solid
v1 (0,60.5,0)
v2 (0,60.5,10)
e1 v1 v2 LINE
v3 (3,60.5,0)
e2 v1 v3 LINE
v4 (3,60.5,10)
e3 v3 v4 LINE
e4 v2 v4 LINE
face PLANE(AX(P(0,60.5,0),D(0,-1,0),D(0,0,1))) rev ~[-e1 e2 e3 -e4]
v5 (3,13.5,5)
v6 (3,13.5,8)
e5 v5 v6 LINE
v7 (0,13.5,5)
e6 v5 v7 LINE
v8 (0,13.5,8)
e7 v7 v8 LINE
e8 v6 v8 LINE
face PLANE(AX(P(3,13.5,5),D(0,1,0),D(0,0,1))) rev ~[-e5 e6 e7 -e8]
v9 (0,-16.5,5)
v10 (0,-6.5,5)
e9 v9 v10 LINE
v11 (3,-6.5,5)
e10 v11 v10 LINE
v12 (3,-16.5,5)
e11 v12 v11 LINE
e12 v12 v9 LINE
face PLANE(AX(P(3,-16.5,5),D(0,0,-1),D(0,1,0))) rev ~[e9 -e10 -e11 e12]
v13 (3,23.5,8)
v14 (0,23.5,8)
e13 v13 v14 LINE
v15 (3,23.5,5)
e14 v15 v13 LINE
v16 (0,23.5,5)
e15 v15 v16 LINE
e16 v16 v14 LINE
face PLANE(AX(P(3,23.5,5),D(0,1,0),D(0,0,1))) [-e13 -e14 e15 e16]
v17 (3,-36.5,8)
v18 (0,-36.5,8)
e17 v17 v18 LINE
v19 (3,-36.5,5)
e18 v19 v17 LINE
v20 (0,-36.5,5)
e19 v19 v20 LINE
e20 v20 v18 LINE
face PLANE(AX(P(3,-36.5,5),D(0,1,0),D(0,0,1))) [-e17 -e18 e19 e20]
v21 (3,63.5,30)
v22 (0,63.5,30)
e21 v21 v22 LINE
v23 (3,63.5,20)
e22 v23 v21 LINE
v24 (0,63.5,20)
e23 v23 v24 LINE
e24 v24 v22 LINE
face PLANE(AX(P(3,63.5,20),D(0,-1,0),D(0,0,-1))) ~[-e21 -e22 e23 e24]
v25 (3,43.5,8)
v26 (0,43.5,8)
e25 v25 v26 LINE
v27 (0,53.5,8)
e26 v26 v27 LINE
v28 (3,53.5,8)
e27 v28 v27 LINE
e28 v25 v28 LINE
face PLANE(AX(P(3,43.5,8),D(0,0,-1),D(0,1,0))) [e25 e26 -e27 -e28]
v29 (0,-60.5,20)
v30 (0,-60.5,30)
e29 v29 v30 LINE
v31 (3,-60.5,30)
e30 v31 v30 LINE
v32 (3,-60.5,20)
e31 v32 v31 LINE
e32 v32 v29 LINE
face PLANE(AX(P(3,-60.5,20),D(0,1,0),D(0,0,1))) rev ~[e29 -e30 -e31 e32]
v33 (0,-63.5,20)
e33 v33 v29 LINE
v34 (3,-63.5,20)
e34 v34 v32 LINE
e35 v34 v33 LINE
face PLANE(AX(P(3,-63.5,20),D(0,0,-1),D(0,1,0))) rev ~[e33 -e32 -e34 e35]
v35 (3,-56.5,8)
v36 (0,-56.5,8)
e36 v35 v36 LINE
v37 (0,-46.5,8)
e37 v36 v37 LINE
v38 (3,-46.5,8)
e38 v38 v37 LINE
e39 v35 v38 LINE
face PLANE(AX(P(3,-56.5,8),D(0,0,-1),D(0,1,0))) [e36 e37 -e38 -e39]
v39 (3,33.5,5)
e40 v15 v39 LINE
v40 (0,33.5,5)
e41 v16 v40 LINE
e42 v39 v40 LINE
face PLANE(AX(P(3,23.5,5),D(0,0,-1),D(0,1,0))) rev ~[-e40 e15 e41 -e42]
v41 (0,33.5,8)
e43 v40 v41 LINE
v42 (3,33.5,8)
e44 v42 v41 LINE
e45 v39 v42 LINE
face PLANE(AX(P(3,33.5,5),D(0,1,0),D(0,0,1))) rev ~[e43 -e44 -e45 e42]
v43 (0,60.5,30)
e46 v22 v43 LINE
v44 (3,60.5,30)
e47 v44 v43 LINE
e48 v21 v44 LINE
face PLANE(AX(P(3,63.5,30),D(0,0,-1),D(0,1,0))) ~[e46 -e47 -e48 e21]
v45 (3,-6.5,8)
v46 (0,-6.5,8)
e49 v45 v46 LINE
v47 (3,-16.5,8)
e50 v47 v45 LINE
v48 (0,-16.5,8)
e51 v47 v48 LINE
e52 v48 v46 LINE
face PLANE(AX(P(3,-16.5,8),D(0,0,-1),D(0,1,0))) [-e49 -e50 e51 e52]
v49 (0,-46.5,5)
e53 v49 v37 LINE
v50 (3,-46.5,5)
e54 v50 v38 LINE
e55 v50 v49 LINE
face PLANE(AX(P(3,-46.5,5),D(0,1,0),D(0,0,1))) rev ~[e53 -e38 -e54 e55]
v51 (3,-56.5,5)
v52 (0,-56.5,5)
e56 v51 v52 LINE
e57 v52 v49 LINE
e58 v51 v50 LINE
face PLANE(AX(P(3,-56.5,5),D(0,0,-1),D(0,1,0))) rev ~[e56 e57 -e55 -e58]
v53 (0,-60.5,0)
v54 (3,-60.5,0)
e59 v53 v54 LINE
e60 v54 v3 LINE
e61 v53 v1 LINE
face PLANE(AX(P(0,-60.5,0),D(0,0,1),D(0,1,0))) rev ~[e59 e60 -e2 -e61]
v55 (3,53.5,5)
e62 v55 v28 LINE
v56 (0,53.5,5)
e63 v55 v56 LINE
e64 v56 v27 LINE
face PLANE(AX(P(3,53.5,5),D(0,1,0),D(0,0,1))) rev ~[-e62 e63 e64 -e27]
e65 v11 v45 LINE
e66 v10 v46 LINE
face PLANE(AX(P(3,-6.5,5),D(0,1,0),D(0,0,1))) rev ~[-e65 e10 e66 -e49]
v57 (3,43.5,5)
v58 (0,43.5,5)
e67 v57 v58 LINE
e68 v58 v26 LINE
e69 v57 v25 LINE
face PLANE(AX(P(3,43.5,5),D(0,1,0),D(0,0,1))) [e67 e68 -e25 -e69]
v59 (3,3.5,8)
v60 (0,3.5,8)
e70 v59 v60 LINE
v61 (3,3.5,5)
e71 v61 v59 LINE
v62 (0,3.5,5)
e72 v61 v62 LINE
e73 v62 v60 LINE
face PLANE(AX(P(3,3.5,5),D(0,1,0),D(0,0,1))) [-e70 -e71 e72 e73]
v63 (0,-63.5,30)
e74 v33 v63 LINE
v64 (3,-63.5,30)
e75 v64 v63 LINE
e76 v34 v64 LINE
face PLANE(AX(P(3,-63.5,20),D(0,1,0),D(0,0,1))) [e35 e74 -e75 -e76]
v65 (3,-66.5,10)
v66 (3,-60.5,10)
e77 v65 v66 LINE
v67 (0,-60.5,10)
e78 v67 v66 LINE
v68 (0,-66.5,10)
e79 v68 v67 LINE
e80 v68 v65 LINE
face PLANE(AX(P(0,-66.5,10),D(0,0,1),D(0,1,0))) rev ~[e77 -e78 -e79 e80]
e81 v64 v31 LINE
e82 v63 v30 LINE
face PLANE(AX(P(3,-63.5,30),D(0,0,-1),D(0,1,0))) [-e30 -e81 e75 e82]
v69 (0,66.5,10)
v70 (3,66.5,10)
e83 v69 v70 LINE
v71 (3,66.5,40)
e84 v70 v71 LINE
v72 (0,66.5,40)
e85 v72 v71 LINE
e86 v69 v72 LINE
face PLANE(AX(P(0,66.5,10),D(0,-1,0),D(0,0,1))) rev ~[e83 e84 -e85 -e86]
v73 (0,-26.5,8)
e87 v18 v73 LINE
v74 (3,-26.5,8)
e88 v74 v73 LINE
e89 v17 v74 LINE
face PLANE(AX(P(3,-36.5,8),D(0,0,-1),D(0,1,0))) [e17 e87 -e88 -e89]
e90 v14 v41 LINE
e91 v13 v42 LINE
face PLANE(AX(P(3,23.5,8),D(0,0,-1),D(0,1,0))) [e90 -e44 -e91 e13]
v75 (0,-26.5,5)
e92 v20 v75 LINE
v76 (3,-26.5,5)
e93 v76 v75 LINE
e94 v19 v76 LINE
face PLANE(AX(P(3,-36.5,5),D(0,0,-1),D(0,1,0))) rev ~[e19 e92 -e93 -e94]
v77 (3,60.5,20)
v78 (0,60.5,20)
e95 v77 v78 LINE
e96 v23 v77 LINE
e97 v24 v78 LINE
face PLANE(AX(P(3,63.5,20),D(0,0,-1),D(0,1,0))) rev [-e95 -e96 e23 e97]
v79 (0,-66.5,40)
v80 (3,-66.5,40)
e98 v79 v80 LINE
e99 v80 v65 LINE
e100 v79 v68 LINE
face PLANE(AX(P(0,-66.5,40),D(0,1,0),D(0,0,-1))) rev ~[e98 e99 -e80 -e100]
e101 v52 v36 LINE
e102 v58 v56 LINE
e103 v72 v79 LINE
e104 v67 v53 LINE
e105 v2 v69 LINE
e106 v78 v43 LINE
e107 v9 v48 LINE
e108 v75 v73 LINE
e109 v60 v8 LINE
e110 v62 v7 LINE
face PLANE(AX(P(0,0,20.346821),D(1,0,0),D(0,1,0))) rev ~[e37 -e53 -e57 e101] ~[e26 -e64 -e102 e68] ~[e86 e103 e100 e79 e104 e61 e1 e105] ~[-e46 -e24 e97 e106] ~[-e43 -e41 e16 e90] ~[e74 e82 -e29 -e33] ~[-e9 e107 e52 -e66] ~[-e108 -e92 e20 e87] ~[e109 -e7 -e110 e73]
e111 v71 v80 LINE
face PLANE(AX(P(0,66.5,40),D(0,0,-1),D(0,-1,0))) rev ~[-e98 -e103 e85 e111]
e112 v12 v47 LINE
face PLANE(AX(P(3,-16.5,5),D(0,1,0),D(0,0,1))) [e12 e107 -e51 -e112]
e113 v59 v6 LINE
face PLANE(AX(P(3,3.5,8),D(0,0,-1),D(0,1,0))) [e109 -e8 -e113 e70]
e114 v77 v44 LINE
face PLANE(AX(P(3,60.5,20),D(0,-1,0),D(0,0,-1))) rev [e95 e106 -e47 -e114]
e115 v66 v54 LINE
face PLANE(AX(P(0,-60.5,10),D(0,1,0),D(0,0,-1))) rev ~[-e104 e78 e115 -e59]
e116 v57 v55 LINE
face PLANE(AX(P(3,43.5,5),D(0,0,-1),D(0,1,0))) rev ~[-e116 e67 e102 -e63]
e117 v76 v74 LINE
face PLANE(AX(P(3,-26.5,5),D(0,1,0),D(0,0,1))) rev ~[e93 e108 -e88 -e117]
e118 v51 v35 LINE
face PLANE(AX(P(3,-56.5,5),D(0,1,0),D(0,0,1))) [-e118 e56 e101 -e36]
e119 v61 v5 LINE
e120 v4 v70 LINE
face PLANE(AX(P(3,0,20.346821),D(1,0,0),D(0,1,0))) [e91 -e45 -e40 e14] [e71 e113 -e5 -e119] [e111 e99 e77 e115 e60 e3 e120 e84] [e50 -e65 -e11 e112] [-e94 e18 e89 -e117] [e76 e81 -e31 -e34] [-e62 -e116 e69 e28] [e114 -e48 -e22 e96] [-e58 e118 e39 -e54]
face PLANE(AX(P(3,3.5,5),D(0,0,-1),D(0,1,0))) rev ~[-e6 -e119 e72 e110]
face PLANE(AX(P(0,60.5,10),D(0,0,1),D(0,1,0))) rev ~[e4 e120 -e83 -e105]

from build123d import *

# Parameters (mm, degrees)
PAD_DEPTH       = 3
SKETCH001_W     = 10
SKETCH001_H     = 3
POCKET_DEPTH    = 3.001
SKETCH002_W     = 3
SKETCH002_H     = 10
POCKET001_DEPTH = 280.835483


with BuildPart() as part:
    # Sketch → Pad (new body)
    with BuildSketch(Plane.YZ):
        Polygon((-60.5, 0), (60.5, 0), (60.5, 10), (66.5, 10), (66.5, 40), (-66.5, 40), (-66.5, 10), (-60.5, 10), align=None)
    extrude(amount=PAD_DEPTH)

    # Sketch001 (on Face10 of Pad) → Pocket (cut, through all)
    with BuildSketch(Plane.YZ.offset(3)):
        with Locations((-51.5, 6.5)):
            Rectangle(SKETCH001_W, SKETCH001_H)
        with Locations((-31.5, 6.5)):
            Rectangle(SKETCH001_W, SKETCH001_H)
        with Locations((-11.5, 6.5)):
            Rectangle(SKETCH001_W, SKETCH001_H)
        with Locations((8.5, 6.5)):
            Rectangle(SKETCH001_W, SKETCH001_H)
        with Locations((28.5, 6.5)):
            Rectangle(SKETCH001_W, SKETCH001_H)
        with Locations((48.5, 6.5)):
            Rectangle(SKETCH001_W, SKETCH001_H)
    extrude(amount=-POCKET_DEPTH, mode=Mode.SUBTRACT)

    # Sketch002 (on Face5 of Pocket) → Pocket001 (cut, through all)
    with BuildSketch(Plane.YZ.offset(3)):
        with Locations((-62, 25)):
            Rectangle(SKETCH002_W, SKETCH002_H)
    pocket001 = extrude(amount=-POCKET001_DEPTH, mode=Mode.SUBTRACT)

    # Mirrored: Pocket001 across Sketch002 V_Axis
    add(pocket001.mirror(Plane(origin=(3, 0, 0), x_dir=(1, 0, 0), z_dir=(0, 1, 0))), mode=Mode.SUBTRACT)


solid = part.part
